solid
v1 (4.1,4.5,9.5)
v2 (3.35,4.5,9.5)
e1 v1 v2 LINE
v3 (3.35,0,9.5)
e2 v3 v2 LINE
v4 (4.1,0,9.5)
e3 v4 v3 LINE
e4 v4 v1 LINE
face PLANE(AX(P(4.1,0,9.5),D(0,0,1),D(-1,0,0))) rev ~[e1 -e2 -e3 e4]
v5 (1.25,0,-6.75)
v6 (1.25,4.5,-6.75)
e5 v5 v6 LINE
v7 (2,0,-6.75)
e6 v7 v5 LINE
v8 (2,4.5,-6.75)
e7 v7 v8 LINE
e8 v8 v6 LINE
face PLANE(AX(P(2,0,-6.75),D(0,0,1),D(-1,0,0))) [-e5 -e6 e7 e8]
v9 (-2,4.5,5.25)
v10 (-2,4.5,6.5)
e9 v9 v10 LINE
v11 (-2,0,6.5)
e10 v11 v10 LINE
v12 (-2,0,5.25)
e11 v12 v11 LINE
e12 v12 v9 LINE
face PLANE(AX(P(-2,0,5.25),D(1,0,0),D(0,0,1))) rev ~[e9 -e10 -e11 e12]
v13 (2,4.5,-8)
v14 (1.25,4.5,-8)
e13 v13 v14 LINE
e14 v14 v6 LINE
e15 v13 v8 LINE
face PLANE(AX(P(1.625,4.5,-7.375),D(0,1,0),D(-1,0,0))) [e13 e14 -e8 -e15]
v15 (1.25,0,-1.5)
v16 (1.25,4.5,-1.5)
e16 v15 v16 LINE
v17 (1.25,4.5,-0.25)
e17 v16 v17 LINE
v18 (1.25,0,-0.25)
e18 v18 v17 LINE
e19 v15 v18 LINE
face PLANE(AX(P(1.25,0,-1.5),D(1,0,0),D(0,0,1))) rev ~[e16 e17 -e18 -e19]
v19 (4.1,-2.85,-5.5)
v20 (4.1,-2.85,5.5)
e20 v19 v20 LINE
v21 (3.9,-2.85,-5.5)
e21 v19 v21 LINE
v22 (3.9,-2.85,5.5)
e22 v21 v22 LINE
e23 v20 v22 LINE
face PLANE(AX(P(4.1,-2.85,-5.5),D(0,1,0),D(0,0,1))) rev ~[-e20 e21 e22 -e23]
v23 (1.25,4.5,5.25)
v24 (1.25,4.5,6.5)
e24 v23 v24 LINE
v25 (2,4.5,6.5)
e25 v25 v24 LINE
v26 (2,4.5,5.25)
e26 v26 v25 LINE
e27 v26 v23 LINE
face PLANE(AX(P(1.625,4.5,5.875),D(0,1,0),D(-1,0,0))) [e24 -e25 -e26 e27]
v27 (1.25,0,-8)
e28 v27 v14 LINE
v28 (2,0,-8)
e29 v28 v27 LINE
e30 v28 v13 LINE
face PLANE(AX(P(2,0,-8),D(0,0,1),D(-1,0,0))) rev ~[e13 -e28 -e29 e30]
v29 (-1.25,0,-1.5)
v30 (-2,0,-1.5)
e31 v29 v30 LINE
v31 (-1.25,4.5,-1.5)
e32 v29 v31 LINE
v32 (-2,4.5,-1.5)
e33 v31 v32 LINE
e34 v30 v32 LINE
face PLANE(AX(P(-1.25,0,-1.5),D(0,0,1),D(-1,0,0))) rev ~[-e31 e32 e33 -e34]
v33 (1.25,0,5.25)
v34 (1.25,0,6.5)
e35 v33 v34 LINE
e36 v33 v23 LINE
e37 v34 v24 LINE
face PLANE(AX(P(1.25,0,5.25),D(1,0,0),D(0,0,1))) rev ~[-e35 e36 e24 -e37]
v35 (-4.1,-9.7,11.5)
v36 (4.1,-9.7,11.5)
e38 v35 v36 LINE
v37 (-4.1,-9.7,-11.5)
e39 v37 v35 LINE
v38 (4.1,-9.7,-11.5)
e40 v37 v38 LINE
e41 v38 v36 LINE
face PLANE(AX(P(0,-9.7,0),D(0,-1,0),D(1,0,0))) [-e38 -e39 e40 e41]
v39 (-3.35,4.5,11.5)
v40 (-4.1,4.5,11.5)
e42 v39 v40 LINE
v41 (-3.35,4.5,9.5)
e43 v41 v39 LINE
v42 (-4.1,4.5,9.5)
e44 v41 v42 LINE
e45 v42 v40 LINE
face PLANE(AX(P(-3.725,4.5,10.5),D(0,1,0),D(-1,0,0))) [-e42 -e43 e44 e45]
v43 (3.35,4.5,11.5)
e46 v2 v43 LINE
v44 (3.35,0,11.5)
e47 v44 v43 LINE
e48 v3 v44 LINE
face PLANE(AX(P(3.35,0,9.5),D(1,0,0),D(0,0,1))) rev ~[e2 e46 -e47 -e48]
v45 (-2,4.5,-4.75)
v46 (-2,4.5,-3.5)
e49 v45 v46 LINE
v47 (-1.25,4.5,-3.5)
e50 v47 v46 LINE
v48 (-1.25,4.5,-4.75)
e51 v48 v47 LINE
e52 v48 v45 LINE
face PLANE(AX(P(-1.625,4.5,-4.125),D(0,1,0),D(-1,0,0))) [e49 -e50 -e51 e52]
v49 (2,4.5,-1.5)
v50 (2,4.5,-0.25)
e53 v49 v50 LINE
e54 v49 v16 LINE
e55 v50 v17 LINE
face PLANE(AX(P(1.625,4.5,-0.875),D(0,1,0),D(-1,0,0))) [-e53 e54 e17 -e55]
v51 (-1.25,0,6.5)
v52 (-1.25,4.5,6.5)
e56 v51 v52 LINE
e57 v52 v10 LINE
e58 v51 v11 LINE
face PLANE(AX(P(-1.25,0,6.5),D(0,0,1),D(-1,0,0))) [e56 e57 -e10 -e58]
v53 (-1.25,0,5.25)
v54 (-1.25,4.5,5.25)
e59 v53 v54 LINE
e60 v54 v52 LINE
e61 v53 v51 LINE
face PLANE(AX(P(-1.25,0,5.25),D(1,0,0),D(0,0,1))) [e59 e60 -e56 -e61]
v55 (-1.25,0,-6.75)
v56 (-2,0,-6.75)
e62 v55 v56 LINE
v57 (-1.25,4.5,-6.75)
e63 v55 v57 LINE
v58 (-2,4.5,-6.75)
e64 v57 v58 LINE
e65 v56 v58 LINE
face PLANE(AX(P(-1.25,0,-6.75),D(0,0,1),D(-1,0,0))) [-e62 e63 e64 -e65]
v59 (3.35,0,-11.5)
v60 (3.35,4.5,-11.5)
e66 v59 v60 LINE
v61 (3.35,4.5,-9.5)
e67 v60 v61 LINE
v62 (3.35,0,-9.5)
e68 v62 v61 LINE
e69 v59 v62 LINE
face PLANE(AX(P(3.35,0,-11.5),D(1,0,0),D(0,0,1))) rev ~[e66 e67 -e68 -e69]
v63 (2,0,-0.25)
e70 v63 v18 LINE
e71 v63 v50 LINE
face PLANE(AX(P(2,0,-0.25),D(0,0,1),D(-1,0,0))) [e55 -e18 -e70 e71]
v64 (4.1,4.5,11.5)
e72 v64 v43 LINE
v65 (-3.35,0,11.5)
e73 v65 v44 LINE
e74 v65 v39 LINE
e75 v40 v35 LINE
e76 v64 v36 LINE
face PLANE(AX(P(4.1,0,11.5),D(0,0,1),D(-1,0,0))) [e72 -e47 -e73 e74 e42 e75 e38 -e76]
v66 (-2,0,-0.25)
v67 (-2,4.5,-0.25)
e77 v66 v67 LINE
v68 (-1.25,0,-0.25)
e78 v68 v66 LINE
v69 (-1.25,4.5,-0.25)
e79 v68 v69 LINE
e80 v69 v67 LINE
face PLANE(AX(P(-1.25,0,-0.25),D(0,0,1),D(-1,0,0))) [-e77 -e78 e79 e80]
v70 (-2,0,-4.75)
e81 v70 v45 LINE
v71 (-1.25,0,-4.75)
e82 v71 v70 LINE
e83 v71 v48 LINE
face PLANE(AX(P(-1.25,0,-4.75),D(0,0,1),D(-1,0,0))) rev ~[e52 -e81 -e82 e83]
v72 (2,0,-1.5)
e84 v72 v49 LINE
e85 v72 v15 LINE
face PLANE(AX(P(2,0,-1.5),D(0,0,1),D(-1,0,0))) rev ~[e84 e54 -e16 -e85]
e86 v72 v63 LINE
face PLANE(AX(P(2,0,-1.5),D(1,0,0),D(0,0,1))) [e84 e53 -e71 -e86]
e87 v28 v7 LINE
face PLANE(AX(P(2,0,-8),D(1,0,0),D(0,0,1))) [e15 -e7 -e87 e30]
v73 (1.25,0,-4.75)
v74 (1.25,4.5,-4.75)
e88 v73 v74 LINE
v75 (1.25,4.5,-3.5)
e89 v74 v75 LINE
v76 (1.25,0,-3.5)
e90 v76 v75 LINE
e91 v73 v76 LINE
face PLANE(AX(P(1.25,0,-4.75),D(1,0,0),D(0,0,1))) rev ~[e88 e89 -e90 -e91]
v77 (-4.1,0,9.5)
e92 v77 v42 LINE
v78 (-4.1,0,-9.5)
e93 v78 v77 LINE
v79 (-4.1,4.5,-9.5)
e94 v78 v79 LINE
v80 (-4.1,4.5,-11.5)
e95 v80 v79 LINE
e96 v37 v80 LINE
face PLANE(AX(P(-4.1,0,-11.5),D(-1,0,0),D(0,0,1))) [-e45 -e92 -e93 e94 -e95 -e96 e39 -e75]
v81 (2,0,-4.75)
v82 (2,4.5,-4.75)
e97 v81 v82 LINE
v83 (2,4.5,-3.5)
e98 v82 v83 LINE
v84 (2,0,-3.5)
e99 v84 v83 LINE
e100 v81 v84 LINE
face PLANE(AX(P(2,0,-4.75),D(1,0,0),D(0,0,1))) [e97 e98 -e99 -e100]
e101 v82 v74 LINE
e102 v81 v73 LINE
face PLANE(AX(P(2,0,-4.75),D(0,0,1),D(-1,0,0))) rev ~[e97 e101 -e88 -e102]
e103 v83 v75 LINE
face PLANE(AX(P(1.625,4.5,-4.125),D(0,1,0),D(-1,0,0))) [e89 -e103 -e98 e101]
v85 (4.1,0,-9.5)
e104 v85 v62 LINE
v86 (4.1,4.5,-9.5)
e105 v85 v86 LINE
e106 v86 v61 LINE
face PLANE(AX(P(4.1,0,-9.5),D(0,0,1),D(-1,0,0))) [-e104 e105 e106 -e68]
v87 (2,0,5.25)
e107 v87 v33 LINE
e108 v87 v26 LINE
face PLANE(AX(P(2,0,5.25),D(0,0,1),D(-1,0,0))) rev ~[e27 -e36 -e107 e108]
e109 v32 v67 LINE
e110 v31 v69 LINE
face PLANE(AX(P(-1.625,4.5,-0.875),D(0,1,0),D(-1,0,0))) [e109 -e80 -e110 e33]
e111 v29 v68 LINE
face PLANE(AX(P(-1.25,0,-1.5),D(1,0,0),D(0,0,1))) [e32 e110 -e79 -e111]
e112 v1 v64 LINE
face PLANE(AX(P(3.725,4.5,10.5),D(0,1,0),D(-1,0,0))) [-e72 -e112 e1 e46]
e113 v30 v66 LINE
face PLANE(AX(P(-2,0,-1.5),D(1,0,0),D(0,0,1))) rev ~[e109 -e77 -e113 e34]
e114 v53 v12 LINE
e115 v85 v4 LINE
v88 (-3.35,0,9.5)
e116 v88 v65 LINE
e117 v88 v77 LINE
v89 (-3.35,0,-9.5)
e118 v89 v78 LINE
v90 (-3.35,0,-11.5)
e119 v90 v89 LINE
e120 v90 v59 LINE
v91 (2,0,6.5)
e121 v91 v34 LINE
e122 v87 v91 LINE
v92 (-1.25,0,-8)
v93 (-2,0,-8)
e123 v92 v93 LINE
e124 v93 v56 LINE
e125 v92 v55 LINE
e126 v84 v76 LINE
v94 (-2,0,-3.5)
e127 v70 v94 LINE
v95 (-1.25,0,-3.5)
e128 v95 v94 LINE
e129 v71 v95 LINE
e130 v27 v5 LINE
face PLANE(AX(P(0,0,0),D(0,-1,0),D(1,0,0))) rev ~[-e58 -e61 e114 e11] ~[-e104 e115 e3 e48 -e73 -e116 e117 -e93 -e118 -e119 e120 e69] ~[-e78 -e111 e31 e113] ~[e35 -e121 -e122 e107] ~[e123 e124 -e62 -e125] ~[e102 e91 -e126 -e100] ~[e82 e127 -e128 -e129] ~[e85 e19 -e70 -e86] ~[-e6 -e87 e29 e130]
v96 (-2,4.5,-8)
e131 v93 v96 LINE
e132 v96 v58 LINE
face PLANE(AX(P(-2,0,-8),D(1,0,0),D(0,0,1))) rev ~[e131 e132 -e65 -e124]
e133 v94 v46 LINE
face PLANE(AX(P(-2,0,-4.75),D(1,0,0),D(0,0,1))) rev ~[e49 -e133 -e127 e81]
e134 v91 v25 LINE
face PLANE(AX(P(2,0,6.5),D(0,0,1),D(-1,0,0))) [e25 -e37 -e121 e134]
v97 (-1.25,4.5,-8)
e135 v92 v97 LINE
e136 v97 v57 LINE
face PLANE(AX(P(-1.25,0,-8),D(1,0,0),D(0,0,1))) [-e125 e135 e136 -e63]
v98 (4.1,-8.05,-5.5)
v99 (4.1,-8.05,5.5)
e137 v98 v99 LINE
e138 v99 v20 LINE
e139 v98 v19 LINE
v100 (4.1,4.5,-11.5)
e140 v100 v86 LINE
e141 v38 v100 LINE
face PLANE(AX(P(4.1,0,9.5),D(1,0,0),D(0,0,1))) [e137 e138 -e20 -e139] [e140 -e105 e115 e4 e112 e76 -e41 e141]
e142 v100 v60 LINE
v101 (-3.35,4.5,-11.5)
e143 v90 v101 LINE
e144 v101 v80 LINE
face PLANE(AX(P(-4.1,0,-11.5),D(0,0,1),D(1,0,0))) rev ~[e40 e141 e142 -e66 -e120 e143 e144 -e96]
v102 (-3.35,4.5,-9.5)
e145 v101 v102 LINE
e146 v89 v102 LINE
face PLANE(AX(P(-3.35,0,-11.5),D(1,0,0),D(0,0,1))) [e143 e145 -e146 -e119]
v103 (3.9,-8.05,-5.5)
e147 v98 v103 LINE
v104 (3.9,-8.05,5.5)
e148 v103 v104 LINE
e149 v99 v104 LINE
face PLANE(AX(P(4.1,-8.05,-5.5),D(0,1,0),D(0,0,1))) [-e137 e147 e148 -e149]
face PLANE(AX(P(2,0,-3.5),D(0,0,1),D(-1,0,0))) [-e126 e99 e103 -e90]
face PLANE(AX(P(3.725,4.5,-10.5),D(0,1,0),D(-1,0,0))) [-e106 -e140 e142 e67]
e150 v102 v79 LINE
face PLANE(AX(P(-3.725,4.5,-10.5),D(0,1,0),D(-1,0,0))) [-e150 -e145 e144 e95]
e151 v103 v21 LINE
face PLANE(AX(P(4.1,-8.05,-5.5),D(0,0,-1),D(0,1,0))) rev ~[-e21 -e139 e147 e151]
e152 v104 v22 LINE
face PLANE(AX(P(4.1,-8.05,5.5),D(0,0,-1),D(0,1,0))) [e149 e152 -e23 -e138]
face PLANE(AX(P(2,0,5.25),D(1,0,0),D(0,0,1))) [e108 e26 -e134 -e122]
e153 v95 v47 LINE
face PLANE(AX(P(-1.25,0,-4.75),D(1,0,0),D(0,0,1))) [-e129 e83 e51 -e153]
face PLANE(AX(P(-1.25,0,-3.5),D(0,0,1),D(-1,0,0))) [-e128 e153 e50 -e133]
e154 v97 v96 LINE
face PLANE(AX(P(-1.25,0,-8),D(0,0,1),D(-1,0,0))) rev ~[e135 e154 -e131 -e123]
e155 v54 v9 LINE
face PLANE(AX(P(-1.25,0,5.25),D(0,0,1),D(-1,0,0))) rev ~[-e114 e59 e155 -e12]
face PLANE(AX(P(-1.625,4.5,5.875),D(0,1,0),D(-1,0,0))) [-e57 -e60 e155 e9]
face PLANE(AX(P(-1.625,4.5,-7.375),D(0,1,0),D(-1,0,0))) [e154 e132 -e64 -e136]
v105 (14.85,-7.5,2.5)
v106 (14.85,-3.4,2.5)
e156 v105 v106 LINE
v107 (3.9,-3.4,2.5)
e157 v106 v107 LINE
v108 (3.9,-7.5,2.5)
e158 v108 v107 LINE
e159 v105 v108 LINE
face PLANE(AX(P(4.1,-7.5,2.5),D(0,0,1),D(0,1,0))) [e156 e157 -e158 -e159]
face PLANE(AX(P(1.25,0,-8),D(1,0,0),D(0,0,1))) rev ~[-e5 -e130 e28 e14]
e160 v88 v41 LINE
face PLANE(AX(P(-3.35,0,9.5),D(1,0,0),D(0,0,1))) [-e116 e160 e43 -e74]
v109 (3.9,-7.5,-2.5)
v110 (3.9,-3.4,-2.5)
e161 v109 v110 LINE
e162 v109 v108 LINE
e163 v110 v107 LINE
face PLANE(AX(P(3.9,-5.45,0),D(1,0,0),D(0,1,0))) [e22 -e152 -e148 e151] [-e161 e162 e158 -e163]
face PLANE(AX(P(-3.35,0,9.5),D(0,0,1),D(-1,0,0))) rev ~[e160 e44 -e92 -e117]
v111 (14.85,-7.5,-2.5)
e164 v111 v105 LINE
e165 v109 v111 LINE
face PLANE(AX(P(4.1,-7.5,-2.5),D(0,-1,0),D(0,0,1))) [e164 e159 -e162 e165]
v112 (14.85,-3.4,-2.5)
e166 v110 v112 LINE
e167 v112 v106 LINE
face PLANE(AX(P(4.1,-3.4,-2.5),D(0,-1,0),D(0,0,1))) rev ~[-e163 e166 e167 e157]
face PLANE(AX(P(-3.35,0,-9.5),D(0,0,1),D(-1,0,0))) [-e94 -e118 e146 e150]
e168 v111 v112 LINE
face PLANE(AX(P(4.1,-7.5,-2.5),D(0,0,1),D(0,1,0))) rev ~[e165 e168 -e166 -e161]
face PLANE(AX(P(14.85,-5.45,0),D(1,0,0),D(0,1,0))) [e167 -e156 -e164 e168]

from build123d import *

# Parameters (mm, degrees)
F0_W      = 8.2
F0_H      = 23
F1_DEPTH  = 9.7
F2_W      = 5.2
F2_H      = 11
F2_W_2    = 4.1
F2_H_2    = 5
F3_DEPTH  = 0.2
F3_FACE_W = 4.1
F3_FACE_H = 5
F4_DEPTH  = 10.75
F5_W      = 0.75
F5_H      = 2
F5_H_2    = 1.25
F6_DEPTH  = 4.5


with BuildPart() as f1:
    # F0 (on Front) → F1 (new body)
    with BuildSketch(Plane.XZ):
        Rectangle(F0_W, F0_H)
    extrude(amount=F1_DEPTH)

    # F2 (on face) → F3 (cut)
    with BuildSketch(Plane.YZ.offset(4.1)):
        with Locations((-5.45, 0)):
            Rectangle(F2_W, F2_H)
        with Locations((-5.45, 0)):
            Rectangle(F2_W_2, F2_H_2, mode=Mode.SUBTRACT)
    extrude(amount=-F3_DEPTH, mode=Mode.SUBTRACT)

    # F3_face (on face) → F4 (join)
    with BuildSketch(Plane(origin=(4.1, -5.45, 0), x_dir=(0, 1, 0), z_dir=(1, 0, 0))):
        Rectangle(F3_FACE_W, F3_FACE_H)
    extrude(amount=F4_DEPTH)

    # F5 (on face) → F6 (join)
    with BuildSketch(Plane(origin=(0, 0, 0), x_dir=(-1, 0, 0), z_dir=(0, 1, 0))):
        with Locations((-3.725, 10.5)):
            Rectangle(F5_W, F5_H)
        with Locations((3.725, 10.5)):
            Rectangle(F5_W, F5_H)
        with Locations((3.725, -10.5)):
            Rectangle(F5_W, F5_H)
        with Locations((-3.725, -10.5)):
            Rectangle(F5_W, F5_H)
        with Locations((-1.625, -7.375)):
            Rectangle(F5_W, F5_H_2)
        with Locations((1.625, -7.375)):
            Rectangle(F5_W, F5_H_2)
        with Locations((1.625, -4.125)):
            Rectangle(F5_W, F5_H_2)
        with Locations((-1.625, -4.125)):
            Rectangle(F5_W, F5_H_2)
        with Locations((-1.625, -0.875)):
            Rectangle(F5_W, F5_H_2)
        with Locations((1.625, -0.875)):
            Rectangle(F5_W, F5_H_2)
        with Locations((1.625, 5.875)):
            Rectangle(F5_W, F5_H_2)
        with Locations((-1.625, 5.875)):
            Rectangle(F5_W, F5_H_2)
    extrude(amount=F6_DEPTH)


solid = f1.part
